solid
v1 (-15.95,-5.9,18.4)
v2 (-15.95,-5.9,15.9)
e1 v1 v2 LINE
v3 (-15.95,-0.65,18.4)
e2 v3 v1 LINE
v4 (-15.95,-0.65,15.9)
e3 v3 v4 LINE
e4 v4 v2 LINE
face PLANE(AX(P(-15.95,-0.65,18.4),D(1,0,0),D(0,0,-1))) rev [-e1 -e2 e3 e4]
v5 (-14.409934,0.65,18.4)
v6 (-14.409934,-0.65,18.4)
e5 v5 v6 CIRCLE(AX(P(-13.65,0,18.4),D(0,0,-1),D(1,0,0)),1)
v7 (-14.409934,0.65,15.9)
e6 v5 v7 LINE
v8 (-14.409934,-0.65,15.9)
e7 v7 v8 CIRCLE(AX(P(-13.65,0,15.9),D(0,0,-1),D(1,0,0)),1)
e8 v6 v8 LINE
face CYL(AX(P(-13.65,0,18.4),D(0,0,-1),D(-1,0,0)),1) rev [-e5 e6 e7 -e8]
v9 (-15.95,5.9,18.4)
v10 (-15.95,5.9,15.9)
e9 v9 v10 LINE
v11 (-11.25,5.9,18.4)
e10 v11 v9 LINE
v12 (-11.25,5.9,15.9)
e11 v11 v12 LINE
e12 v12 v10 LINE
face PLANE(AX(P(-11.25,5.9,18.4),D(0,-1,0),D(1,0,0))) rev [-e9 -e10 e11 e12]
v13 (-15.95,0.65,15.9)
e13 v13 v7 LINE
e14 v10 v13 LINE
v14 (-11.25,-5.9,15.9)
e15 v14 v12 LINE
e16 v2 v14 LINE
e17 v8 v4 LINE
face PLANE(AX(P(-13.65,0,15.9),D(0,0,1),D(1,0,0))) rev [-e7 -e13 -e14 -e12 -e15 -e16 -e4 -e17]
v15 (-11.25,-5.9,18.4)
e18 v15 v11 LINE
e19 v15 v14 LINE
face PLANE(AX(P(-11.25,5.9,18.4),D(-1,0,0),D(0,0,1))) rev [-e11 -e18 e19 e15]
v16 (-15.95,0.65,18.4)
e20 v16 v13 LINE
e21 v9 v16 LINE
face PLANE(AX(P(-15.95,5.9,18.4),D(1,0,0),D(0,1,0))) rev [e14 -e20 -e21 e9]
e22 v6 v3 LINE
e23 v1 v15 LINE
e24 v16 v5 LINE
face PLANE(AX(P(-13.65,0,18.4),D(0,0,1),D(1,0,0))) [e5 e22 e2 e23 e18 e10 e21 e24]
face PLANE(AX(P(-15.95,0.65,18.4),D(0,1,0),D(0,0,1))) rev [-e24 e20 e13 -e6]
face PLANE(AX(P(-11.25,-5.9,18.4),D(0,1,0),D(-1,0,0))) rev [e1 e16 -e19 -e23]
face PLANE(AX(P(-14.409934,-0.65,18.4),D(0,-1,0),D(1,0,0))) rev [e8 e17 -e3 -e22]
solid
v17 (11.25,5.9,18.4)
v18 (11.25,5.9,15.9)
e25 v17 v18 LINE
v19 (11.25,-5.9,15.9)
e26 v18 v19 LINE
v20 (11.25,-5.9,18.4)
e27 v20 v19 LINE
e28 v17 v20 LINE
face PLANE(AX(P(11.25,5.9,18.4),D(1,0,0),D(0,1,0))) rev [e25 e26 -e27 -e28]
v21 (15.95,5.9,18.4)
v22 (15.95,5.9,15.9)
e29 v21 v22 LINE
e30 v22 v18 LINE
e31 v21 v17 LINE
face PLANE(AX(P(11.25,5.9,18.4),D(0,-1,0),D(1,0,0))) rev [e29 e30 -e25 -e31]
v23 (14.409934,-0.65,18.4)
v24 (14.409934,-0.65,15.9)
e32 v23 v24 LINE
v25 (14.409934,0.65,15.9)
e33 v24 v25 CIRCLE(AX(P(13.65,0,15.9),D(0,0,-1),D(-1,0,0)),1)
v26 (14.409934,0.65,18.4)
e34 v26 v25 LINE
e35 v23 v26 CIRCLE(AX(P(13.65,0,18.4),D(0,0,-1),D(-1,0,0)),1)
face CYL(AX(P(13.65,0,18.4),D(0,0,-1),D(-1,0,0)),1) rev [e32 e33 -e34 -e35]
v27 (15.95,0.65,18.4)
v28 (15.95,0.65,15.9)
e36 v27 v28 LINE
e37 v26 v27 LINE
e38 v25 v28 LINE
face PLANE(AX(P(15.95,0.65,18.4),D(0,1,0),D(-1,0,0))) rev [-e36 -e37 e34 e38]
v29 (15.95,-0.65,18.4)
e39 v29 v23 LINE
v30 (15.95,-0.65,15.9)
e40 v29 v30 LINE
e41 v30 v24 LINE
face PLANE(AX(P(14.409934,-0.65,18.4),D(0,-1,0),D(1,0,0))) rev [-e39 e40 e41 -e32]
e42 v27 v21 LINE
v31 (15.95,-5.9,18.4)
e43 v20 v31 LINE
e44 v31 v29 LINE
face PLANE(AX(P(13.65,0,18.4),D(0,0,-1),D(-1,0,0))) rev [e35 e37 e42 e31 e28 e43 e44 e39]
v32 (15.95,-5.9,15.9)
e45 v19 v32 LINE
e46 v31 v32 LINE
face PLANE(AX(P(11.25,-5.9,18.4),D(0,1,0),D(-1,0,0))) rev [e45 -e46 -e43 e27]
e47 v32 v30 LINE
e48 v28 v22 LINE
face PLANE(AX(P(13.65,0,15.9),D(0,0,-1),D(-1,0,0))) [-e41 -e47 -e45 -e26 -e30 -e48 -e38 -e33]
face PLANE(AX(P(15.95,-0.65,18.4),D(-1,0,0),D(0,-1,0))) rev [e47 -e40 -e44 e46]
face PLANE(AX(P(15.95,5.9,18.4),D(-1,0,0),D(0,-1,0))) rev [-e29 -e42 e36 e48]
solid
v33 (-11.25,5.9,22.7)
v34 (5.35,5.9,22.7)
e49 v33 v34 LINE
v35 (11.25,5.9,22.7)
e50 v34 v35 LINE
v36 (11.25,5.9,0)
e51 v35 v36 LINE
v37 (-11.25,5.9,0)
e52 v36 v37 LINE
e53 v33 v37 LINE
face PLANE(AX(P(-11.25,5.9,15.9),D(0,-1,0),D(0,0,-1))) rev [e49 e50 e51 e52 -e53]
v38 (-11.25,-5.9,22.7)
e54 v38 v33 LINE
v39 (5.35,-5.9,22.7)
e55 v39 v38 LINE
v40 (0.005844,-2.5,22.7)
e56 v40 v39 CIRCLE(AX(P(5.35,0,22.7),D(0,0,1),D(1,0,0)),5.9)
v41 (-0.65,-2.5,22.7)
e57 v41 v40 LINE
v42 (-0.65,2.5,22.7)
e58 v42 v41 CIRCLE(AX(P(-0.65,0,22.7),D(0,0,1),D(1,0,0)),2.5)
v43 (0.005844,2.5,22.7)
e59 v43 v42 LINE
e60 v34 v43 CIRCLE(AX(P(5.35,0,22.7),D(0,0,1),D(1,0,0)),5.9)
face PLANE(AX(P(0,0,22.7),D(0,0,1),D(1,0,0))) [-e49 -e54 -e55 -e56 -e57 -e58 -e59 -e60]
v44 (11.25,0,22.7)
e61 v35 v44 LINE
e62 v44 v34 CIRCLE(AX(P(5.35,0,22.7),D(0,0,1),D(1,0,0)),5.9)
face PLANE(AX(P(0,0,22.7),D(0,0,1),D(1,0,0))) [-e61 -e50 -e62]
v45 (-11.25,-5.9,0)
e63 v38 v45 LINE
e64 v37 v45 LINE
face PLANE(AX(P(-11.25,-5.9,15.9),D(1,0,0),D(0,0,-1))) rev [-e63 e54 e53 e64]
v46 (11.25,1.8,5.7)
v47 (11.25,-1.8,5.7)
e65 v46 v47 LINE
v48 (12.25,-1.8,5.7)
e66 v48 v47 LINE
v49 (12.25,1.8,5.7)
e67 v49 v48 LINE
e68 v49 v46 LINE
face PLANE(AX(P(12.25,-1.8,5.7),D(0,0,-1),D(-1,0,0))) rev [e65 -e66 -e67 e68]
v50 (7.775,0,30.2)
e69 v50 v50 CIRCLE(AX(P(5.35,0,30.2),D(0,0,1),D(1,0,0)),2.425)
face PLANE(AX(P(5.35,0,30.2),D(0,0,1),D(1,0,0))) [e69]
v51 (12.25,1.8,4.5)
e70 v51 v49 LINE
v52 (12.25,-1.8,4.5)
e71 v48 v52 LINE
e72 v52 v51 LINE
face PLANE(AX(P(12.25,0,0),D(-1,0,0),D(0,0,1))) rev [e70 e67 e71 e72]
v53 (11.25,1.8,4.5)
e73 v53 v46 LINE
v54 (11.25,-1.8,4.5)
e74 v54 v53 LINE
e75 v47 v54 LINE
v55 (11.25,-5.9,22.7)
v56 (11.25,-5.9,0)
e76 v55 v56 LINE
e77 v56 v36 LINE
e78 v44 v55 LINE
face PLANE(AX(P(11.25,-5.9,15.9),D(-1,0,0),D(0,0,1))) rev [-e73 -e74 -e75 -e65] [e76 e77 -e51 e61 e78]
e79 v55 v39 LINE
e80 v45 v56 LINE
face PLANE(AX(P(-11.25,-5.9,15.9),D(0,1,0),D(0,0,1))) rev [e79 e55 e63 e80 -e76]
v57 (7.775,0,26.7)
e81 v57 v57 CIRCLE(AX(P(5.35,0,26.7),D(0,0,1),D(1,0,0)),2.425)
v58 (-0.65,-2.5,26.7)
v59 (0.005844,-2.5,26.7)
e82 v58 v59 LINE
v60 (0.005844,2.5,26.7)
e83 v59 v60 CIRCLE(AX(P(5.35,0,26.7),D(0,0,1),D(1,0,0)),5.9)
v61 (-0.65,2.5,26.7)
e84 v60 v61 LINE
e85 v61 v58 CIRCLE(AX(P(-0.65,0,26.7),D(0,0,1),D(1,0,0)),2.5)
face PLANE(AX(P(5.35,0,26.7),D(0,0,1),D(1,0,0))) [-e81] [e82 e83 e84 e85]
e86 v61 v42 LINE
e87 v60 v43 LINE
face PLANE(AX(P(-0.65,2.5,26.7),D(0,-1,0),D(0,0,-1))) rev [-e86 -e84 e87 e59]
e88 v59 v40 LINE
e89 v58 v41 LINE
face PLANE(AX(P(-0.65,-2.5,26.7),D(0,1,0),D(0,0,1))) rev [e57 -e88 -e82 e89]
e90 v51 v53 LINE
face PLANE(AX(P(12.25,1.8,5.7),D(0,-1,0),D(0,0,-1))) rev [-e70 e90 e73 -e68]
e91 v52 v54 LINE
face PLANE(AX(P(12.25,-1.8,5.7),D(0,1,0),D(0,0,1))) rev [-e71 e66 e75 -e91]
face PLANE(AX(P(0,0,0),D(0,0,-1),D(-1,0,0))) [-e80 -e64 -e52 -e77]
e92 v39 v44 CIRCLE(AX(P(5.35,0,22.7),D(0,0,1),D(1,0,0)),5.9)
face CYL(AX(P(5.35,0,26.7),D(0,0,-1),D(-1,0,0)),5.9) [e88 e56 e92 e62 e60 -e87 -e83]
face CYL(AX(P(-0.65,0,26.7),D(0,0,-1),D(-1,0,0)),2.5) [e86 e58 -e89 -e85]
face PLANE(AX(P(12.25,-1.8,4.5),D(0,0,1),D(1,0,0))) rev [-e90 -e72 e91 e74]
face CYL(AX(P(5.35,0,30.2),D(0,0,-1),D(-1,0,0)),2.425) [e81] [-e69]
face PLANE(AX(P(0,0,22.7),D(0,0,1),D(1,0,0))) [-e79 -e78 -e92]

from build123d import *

# Parameters (mm, degrees)
CROQUIS1_W                = 22.5
CROQUIS1_H                = 11.8
SALIENTE_EXTRUIR2_DEPTH   = 15.9
SALIENTE_EXTRUIR3_DEPTH   = 2.5
SALIENTE_EXTRUIR3_2_DEPTH = 2.5
CROQUIS3_W                = 22.5
CROQUIS3_H                = 11.8
SALIENTE_EXTRUIR4_DEPTH   = 22.7
SALIENTE_EXTRUIR5_DEPTH   = 4
CROQUIS5_R                = 2.425
SALIENTE_EXTRUIR6_DEPTH   = 3.5
CROQUIS7_W                = 1.2
CROQUIS7_H                = 3.6
SALIENTE_EXTRUIR7_DEPTH   = 1


with BuildPart() as part:
    # Croquis1 → Saliente-Extruir2 (new body)
    with BuildSketch(Plane.XY):
        Rectangle(CROQUIS1_W, CROQUIS1_H)
    extrude(amount=SALIENTE_EXTRUIR2_DEPTH)

    # Croquis3 → Saliente-Extruir4 (add)
    with BuildSketch(Plane(origin=(0, 0, 0), x_dir=(-1, 0, 0), z_dir=(0, 0, -1))):
        Rectangle(CROQUIS3_W, CROQUIS3_H)
    extrude(amount=-SALIENTE_EXTRUIR4_DEPTH)

    # Croquis4 → Saliente-Extruir5 (add)
    with BuildSketch(Plane.XY.offset(22.7)):
        with BuildLine():
            Line((-0.65, 2.5), (0.005844314, 2.5))
            ThreePointArc((0.005844314, 2.5), (11.25, 0), (0.005844314, -2.5))
            Line((0.005844314, -2.5), (-0.65, -2.5))
            ThreePointArc((-0.65, -2.5), (-3.15, 0), (-0.65, 2.5))
        make_face()
    extrude(amount=SALIENTE_EXTRUIR5_DEPTH)

    # Croquis5 → Saliente-Extruir6 (add)
    with BuildSketch(Plane.XY.offset(26.7)):
        with Locations((5.35, 0)):
            Circle(CROQUIS5_R)
    extrude(amount=SALIENTE_EXTRUIR6_DEPTH)

    # Croquis7 → Saliente-Extruir7 (add)
    with BuildSketch(Plane(origin=(11.25, 0, 0), x_dir=(0, 0, -1), z_dir=(1, 0, 0))):
        with Locations((-5.1, 0)):
            Rectangle(CROQUIS7_W, CROQUIS7_H)
    extrude(amount=SALIENTE_EXTRUIR7_DEPTH)


with BuildPart() as body_2:
    # Croquis2 → Saliente-Extruir3 (new body)
    with BuildSketch(Plane.XY.offset(15.9)):
        with BuildLine():
            Line((-11.25, 5.9), (-15.95, 5.9))
            Line((-15.95, 5.9), (-15.95, 0.65))
            Line((-15.95, 0.65), (-14.409934208, 0.65))
            ThreePointArc((-14.409934208, 0.65), (-12.65, 0), (-14.409934208, -0.65))
            Line((-14.409934208, -0.65), (-15.95, -0.65))
            Line((-15.95, -0.65), (-15.95, -5.9))
            Line((-15.95, -5.9), (-11.25, -5.9))
            Line((-11.25, -5.9), (-11.25, 5.9))
        make_face()
    extrude(amount=SALIENTE_EXTRUIR3_DEPTH)


with BuildPart() as body_3:
    # Croquis2 → Saliente-Extruir3 2 (new body)
    with BuildSketch(Plane.XY.offset(15.9)):
        with BuildLine():
            Line((15.95, -0.65), (15.95, -5.9))
            Line((15.95, -5.9), (11.25, -5.9))
            Line((11.25, -5.9), (11.25, 5.9))
            Line((11.25, 5.9), (15.95, 5.9))
            Line((15.95, 5.9), (15.95, 0.65))
            Line((15.95, 0.65), (14.409934208, 0.65))
            ThreePointArc((14.409934208, 0.65), (12.65, 0), (14.409934208, -0.65))
            Line((14.409934208, -0.65), (15.95, -0.65))
        make_face()
    extrude(amount=SALIENTE_EXTRUIR3_2_DEPTH)


solid = Compound([part.part, body_2.part, body_3.part])
